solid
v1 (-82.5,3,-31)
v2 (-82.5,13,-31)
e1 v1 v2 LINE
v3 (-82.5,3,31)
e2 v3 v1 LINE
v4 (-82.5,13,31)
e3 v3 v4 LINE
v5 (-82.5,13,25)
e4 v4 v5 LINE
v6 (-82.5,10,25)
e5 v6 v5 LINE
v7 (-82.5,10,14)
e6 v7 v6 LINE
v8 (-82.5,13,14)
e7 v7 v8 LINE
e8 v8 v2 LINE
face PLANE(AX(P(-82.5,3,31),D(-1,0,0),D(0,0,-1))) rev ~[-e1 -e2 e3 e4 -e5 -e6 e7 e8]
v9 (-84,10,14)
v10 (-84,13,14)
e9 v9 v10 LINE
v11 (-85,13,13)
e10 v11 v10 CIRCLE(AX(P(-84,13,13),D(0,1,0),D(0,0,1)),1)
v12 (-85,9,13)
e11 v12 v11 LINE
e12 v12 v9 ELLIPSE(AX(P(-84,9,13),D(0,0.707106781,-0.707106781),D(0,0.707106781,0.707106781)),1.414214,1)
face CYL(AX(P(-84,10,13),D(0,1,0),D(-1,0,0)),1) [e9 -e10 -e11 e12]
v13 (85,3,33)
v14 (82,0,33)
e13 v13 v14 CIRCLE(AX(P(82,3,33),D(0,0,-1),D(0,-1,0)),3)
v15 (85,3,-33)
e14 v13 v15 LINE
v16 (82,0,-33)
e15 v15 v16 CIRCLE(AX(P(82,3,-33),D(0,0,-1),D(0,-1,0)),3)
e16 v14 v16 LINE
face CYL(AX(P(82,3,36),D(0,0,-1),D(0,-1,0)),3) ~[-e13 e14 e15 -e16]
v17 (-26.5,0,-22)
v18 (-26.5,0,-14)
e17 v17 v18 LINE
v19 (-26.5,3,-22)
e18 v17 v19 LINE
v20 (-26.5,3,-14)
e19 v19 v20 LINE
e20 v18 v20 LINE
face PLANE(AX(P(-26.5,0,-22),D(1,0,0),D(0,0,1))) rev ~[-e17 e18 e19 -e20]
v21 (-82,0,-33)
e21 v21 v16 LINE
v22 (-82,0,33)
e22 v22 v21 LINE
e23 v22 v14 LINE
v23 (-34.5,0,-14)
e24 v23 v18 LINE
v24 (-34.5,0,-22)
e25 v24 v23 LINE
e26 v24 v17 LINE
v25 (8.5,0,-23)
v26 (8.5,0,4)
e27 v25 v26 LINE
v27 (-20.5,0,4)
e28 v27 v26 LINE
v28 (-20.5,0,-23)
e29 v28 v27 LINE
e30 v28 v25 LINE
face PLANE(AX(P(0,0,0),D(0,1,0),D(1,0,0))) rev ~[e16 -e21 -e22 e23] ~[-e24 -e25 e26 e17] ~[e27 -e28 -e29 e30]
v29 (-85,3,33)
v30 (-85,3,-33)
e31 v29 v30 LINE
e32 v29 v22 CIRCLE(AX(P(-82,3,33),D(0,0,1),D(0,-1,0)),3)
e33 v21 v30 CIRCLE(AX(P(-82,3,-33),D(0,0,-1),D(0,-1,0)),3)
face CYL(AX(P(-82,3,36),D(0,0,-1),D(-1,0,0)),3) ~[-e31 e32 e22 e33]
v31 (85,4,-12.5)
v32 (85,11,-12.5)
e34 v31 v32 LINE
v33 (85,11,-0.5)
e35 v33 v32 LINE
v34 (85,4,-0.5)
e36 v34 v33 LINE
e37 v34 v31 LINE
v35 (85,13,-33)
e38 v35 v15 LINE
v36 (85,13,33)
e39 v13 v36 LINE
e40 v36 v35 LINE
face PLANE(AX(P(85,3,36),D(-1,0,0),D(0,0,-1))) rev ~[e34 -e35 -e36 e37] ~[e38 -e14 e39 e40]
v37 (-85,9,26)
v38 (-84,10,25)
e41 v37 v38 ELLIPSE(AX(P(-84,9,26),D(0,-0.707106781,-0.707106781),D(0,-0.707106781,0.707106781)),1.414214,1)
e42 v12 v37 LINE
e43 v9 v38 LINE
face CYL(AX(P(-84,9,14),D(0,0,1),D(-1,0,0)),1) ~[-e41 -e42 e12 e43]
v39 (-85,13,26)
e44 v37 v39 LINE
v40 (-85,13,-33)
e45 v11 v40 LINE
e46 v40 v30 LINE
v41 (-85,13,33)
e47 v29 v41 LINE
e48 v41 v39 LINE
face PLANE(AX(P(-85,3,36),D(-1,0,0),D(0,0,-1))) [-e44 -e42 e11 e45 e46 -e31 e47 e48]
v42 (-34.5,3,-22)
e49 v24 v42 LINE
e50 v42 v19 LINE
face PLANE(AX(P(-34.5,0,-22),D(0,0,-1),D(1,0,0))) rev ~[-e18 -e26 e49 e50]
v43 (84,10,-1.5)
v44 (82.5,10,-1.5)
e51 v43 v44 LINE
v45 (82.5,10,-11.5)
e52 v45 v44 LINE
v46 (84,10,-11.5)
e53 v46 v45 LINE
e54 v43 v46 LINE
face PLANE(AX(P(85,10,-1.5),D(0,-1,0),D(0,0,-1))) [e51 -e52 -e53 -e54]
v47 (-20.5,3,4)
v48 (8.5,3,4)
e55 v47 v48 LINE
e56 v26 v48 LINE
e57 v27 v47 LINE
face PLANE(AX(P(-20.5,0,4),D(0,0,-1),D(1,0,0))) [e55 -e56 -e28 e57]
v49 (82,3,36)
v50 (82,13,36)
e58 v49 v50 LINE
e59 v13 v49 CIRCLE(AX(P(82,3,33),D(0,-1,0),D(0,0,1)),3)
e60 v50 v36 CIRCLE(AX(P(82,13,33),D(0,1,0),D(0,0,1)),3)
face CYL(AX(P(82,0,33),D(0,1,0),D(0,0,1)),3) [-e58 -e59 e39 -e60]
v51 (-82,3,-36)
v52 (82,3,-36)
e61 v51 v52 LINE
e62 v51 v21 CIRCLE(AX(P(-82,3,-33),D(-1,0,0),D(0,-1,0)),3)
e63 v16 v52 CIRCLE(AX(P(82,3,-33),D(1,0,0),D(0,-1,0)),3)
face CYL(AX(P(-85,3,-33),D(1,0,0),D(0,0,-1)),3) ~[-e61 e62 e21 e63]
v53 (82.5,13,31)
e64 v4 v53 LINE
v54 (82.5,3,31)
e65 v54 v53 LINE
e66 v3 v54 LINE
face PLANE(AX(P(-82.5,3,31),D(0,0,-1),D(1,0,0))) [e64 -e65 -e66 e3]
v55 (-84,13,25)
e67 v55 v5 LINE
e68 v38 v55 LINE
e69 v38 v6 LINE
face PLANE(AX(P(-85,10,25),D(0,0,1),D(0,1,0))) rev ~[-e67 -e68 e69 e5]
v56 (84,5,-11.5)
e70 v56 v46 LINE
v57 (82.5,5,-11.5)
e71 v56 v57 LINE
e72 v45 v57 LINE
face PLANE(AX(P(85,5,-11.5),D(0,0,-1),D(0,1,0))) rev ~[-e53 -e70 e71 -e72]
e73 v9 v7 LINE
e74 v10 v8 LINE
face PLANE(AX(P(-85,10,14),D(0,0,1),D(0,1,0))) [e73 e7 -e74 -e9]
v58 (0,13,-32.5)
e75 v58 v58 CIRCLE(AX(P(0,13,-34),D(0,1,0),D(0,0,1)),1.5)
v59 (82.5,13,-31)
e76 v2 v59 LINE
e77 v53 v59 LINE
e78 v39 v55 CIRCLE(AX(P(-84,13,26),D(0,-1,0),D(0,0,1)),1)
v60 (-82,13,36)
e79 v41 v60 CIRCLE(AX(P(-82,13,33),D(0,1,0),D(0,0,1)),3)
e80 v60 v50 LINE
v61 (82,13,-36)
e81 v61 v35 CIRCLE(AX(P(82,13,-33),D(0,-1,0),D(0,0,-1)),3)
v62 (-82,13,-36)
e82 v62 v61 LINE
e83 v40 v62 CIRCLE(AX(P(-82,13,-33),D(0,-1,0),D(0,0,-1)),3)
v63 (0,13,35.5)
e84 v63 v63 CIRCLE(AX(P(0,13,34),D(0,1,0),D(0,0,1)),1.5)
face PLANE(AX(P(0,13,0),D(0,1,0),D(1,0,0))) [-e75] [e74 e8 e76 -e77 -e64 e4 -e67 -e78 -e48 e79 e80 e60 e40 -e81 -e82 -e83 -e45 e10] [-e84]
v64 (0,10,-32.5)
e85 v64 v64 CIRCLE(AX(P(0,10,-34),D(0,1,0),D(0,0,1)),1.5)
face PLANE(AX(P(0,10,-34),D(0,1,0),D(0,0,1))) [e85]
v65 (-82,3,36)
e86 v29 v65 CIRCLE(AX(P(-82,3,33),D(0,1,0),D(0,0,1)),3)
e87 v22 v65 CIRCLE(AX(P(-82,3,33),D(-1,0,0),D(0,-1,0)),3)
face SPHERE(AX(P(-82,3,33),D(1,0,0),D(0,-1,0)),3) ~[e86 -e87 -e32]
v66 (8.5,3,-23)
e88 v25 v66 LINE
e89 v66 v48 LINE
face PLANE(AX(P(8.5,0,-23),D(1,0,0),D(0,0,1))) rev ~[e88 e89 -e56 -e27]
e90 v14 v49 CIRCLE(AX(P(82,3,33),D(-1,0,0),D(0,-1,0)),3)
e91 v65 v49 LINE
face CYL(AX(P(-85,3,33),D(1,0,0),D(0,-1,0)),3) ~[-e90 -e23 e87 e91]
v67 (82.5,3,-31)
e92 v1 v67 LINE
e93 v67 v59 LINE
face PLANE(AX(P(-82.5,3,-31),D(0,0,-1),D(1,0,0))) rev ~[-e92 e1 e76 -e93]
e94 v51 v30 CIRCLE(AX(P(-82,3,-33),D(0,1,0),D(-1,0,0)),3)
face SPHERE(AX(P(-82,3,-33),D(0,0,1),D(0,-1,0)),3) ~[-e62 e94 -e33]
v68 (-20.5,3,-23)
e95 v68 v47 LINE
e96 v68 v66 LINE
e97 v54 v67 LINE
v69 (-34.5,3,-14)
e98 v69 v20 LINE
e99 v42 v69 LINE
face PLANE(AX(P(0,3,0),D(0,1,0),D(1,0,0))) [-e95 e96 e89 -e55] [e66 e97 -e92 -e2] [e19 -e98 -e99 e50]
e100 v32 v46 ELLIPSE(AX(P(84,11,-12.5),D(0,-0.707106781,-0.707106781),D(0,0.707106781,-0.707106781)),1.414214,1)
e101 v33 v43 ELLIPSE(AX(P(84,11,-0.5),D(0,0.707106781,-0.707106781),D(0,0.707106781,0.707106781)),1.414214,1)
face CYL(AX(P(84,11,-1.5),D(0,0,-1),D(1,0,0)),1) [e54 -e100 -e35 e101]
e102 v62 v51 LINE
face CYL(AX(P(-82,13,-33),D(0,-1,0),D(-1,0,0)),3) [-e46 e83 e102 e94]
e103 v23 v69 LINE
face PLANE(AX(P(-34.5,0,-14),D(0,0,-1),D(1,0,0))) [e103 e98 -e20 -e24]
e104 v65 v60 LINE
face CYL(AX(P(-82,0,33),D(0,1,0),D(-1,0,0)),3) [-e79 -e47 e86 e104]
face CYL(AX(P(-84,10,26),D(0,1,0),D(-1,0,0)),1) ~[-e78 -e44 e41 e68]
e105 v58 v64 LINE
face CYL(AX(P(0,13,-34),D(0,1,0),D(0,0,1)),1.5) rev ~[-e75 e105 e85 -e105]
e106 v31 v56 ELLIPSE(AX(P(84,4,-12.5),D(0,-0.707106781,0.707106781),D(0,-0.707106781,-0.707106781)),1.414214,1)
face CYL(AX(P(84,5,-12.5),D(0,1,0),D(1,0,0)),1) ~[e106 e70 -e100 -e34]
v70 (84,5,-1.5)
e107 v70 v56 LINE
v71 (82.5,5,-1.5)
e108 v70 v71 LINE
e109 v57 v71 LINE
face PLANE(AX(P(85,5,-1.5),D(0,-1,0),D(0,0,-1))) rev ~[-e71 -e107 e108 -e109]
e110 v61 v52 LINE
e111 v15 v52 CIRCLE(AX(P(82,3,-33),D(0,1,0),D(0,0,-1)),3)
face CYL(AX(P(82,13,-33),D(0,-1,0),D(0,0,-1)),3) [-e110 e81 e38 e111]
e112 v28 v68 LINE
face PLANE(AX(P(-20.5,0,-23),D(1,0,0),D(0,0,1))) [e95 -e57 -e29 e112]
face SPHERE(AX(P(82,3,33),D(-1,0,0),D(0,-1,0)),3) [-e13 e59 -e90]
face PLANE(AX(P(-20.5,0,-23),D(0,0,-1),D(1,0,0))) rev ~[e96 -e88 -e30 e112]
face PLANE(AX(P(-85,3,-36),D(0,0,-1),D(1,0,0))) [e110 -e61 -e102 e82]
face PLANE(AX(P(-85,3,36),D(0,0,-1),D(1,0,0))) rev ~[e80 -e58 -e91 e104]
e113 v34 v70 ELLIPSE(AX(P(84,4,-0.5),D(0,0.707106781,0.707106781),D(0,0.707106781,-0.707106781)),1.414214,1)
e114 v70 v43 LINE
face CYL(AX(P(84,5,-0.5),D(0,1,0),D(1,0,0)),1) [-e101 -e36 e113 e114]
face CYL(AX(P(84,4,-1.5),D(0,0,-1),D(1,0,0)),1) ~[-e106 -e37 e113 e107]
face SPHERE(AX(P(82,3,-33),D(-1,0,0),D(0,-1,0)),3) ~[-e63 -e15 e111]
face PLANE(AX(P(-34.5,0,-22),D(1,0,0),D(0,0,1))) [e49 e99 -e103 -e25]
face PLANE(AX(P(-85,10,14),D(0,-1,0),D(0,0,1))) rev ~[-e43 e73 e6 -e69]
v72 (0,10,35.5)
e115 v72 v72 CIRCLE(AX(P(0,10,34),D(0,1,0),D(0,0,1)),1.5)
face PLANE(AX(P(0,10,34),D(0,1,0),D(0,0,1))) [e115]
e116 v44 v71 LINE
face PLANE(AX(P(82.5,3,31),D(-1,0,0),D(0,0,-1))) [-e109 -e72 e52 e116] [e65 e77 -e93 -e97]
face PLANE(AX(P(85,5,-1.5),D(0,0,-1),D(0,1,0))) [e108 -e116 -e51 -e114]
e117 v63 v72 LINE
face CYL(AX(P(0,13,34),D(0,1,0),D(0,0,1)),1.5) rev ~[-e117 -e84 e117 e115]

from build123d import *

# Parameters (mm, degrees)
SKETCH_1_W          = 170
SKETCH_1_H          = 72
EXTRUDE_1_DEPTH     = 3
SKETCH_2_W          = 170
SKETCH_2_H          = 72
SKETCH_2_W_2        = 165
SKETCH_2_H_2        = 62
EXTRUDE_2_DEPTH     = 10
SKETCH_3_R          = 1.5
CUT_EXTRUDE_1_DEPTH = 3
SKETCH_4_W          = 29
SKETCH_4_H          = 27
SKETCH_4_W_2        = 8
SKETCH_4_H_2        = 8
CUT_EXTRUDE_2_DEPTH = 3
FILLET_1_R          = 3
SKETCH_5_W          = 11
SKETCH_5_H          = 3
CUT_EXTRUDE_3_DEPTH = 3
FILLET_3_R          = 1
SKETCH_6_W          = 10
SKETCH_6_H          = 5
CUT_EXTRUDE_4_DEPTH = 3
FILLET_4_R          = 1


with BuildPart() as part:
    # 草图1 → 凸台-拉伸1 (new body)
    with BuildSketch(Plane(origin=(0, 0, 0), x_dir=(1, 0, 0), z_dir=(0, 1, 0))):
        Rectangle(SKETCH_1_W, SKETCH_1_H)
    extrude(amount=EXTRUDE_1_DEPTH)

    # 草图2 → 凸台-拉伸2 (add)
    with BuildSketch(Plane(origin=(0, 3, 0), x_dir=(1, 0, 0), z_dir=(0, 1, 0))):
        Rectangle(SKETCH_2_W, SKETCH_2_H)
        Rectangle(SKETCH_2_W_2, SKETCH_2_H_2, mode=Mode.SUBTRACT)
    extrude(amount=EXTRUDE_2_DEPTH)

    # 草图3 → 切除-拉伸1 (cut)
    with BuildSketch(Plane(origin=(0, 13, 0), x_dir=(1, 0, 0), z_dir=(0, 1, 0))):
        with Locations(Location((0, 34, 0), (0, 0, 270))):
            Circle(SKETCH_3_R)
        with Locations(Location((0, -34, 0), (0, 0, 270))):
            Circle(SKETCH_3_R)
    extrude(amount=-CUT_EXTRUDE_1_DEPTH, mode=Mode.SUBTRACT)

    # 草图4 → 切除-拉伸2 (cut)
    with BuildSketch(Plane.XZ):
        with Locations((-6, -9.5)):
            Rectangle(SKETCH_4_W, SKETCH_4_H)
        with Locations((-30.5, -18)):
            Rectangle(SKETCH_4_W_2, SKETCH_4_H_2)
    extrude(amount=-CUT_EXTRUDE_2_DEPTH, mode=Mode.SUBTRACT)

    # 圆角1
    fillet_1_edges = [part.edges().sort_by_distance(p)[0] for p in [
        (0, 0, 36),
        (-85, 0, 0),
        (0, 0, -36),
        (85, 0, 0),
        (85, 6.5, 36),
        (-85, 6.5, 36),
        (-85, 6.5, -36),
        (85, 6.5, -36),
    ]]
    fillet(fillet_1_edges, radius=FILLET_1_R)

    # 草图5 → 切除-拉伸3 (cut)
    with BuildSketch(Plane.ZY.offset(85)):
        with Locations((19.5, 11.5)):
            Rectangle(SKETCH_5_W, SKETCH_5_H)
    extrude(amount=-CUT_EXTRUDE_3_DEPTH, mode=Mode.SUBTRACT)

    # 圆角3
    fillet_3_edges = [part.edges().sort_by_distance(p)[0] for p in [
        (-85, 11.5, 14),
        (-85, 10, 19.5),
        (-85, 11.5, 25),
    ]]
    fillet(fillet_3_edges, radius=FILLET_3_R)

    # 草图6 → 切除-拉伸4 (cut)
    with BuildSketch(Plane(origin=(85, 0, 0), x_dir=(0, 0, -1), z_dir=(1, 0, 0))):
        with Locations((6.5, 7.5)):
            Rectangle(SKETCH_6_W, SKETCH_6_H)
    extrude(amount=-CUT_EXTRUDE_4_DEPTH, mode=Mode.SUBTRACT)

    # 圆角4
    fillet_4_edges = [part.edges().sort_by_distance(p)[0] for p in [
        (85, 7.5, -1.5),
        (85, 5, -6.5),
        (85, 7.5, -11.5),
        (85, 10, -6.5),
    ]]
    fillet(fillet_4_edges, radius=FILLET_4_R)


solid = part.part
